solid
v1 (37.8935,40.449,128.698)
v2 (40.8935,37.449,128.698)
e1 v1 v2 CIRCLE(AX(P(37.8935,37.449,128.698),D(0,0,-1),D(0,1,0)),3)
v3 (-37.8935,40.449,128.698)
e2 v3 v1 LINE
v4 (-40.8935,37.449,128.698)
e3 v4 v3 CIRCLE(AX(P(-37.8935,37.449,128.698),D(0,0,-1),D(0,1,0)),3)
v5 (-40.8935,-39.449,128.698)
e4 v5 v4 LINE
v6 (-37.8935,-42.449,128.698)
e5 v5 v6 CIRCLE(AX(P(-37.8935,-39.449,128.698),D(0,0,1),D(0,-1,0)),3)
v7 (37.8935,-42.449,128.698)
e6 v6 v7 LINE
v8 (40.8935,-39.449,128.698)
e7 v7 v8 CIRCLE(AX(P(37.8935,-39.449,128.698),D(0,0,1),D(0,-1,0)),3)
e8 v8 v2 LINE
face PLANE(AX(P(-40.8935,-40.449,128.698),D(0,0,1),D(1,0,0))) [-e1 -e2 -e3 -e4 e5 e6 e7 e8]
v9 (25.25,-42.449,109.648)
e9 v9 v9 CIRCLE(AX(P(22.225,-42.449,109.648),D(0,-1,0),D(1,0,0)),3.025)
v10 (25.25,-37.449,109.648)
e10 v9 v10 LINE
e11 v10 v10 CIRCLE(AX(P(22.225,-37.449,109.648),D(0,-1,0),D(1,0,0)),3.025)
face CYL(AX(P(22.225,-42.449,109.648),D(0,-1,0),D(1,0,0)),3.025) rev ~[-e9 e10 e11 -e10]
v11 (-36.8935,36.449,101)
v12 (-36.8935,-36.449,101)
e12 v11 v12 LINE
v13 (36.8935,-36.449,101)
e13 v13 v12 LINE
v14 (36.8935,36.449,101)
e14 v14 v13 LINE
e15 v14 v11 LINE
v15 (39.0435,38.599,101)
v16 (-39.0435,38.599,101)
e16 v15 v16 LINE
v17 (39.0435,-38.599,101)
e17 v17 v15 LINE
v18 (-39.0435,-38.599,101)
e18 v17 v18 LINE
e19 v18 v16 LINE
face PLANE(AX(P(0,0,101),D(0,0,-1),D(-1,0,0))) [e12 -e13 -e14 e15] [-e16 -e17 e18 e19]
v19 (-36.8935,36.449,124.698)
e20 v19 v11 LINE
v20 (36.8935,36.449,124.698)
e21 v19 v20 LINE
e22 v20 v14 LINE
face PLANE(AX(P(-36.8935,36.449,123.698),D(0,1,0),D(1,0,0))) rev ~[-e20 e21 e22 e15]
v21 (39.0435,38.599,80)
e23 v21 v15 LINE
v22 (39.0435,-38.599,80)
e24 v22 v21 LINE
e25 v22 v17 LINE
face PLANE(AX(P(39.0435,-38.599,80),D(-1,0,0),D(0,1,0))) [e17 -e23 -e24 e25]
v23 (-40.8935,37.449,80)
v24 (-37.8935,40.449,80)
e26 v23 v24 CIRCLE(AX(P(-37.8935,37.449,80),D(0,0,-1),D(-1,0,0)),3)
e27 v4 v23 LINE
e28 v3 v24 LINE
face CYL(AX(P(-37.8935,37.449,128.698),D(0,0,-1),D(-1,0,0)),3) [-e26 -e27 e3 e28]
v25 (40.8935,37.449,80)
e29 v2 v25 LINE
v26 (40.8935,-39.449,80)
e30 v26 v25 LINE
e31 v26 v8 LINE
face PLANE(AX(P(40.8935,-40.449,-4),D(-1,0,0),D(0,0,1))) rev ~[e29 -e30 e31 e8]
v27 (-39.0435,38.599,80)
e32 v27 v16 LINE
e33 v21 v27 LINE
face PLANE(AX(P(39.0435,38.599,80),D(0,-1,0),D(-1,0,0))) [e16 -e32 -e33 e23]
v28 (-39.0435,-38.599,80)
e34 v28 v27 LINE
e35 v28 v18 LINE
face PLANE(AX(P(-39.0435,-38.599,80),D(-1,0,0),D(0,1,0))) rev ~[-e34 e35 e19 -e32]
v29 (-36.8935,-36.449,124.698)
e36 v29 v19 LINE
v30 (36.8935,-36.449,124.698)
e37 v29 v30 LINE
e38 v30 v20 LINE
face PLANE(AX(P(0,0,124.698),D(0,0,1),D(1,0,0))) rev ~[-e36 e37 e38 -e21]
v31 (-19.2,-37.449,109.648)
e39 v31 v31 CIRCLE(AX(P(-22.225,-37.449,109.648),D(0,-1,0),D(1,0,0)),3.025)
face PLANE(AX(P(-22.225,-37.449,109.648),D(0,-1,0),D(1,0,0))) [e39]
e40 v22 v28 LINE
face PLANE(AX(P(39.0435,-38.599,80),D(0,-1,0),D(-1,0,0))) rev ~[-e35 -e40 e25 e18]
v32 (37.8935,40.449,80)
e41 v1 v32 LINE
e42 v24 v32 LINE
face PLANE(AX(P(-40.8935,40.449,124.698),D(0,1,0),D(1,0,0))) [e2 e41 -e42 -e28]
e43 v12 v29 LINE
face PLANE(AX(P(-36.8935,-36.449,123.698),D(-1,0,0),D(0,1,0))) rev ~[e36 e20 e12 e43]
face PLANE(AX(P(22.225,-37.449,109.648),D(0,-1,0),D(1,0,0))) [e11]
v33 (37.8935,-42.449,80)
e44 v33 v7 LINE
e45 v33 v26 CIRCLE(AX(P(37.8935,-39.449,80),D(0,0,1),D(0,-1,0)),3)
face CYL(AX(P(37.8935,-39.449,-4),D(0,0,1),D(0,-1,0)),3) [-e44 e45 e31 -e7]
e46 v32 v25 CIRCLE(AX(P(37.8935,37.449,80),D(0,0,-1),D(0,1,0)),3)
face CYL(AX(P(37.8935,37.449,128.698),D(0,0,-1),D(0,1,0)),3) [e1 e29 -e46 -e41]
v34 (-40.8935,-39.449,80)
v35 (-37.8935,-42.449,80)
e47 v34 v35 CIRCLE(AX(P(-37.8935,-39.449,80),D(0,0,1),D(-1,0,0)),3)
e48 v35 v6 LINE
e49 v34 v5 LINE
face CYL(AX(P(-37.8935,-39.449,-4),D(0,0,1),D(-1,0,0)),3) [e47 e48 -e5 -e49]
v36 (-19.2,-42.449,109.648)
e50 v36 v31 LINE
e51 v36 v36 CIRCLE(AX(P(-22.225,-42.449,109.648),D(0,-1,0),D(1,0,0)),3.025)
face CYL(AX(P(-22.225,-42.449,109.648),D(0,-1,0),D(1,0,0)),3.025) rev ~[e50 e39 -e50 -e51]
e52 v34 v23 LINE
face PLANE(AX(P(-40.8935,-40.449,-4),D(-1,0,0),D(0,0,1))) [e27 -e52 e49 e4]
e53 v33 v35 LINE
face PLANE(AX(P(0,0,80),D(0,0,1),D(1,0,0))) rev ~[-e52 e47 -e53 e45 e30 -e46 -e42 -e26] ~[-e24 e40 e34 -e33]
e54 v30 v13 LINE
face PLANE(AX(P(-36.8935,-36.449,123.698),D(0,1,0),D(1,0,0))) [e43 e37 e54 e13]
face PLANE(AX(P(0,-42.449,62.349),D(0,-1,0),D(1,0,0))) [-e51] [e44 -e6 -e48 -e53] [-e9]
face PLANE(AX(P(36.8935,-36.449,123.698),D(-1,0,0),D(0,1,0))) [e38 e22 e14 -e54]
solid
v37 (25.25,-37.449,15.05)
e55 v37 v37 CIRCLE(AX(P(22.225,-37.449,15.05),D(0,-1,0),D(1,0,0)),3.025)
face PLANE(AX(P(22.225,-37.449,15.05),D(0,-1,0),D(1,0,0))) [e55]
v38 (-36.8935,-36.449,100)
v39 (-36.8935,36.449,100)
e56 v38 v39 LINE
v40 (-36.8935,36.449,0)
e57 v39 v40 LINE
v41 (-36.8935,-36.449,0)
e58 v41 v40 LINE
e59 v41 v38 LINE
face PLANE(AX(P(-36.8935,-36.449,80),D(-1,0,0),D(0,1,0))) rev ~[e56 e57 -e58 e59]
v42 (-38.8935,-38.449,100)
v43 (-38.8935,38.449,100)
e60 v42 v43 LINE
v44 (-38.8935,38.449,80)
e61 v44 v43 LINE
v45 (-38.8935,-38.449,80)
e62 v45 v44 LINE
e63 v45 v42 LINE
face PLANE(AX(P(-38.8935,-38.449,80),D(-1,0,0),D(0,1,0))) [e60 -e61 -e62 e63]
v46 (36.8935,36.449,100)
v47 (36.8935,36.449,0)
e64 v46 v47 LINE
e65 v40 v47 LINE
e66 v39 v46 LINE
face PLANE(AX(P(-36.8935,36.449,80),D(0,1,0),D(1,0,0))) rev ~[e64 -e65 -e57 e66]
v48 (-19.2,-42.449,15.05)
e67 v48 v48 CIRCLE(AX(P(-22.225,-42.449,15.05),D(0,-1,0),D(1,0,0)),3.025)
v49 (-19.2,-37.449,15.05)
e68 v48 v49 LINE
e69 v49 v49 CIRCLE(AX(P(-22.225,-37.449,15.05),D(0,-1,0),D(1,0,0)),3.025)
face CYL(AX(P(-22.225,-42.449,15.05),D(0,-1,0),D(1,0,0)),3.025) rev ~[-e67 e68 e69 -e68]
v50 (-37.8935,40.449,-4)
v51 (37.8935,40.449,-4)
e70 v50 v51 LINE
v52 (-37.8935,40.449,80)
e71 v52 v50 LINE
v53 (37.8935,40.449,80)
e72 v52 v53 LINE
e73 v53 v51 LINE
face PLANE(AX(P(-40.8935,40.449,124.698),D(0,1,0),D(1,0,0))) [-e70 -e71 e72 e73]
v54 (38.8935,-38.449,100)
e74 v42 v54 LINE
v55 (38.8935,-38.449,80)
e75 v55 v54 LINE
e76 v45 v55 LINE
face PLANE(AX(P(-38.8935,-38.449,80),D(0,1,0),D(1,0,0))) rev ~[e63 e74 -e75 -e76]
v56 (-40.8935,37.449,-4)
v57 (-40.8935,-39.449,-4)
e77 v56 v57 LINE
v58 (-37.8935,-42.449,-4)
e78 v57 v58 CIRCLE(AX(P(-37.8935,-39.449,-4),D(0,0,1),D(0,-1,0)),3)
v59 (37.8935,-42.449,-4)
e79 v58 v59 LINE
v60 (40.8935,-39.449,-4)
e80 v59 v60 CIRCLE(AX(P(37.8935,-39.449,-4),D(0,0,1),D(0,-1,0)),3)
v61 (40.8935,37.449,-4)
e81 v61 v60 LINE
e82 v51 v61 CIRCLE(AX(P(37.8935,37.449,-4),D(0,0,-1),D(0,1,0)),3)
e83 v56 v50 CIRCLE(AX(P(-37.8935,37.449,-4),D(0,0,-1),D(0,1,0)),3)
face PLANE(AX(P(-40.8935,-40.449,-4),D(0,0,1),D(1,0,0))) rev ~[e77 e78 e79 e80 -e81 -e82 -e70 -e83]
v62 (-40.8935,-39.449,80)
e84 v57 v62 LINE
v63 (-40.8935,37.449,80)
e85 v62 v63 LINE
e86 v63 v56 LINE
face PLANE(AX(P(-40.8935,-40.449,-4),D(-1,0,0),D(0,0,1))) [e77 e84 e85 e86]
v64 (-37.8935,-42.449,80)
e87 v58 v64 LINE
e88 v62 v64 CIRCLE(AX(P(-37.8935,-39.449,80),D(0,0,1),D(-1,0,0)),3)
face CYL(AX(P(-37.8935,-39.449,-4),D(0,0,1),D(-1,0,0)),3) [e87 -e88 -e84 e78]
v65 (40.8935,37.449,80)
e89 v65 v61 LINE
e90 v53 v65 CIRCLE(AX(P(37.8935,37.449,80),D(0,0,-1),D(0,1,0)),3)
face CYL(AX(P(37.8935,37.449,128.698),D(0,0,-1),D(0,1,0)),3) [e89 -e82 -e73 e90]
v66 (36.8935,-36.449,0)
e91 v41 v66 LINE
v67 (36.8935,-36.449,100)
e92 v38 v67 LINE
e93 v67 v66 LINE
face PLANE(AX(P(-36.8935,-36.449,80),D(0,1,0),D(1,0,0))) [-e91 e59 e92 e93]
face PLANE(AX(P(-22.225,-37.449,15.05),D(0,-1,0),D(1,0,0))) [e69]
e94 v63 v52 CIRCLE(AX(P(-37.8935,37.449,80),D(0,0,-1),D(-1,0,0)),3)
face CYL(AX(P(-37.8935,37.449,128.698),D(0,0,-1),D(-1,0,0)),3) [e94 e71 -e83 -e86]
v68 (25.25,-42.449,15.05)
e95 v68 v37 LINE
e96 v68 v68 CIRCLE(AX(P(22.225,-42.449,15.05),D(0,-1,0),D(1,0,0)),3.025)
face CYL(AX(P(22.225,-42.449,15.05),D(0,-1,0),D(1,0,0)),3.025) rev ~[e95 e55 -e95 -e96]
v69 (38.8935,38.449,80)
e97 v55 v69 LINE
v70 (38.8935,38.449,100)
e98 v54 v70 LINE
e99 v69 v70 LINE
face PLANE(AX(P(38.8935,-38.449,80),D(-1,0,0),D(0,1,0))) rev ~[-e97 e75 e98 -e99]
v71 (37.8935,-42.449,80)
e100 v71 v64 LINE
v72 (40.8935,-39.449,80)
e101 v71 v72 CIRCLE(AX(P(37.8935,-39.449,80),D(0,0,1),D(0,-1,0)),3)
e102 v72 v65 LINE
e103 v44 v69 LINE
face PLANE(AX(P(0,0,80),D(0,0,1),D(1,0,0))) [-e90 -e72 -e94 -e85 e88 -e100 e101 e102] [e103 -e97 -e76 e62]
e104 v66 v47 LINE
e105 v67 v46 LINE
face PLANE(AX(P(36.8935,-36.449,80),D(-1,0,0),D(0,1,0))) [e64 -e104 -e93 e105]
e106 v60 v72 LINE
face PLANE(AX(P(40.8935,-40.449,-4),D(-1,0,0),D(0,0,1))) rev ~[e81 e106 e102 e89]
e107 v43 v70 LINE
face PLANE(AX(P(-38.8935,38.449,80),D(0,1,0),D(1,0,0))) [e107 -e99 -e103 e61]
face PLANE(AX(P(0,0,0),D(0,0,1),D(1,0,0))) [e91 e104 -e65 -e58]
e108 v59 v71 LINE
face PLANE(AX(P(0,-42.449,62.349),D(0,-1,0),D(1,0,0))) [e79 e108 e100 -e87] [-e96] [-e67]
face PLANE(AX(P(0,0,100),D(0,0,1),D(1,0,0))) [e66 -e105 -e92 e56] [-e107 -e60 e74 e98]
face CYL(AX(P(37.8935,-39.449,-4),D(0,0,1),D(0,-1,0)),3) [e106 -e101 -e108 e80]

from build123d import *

# Parameters (mm, degrees)
SKETCH1_W           = 73.787
SKETCH1_H           = 72.898
BOSS_EXTRUDE1_DEPTH = 123.698
SHELL1_T            = 4
SKETCH2_W           = 81.787
SKETCH2_H           = 80.898
SKETCH2_W_2         = 73.787
SKETCH2_H_2         = 72.898
BOSS_EXTRUDE2_DEPTH = 1
SKETCH7_W           = 81.787
SKETCH7_H           = 80.898
BOSS_EXTRUDE5_DEPTH = 4
SKETCH3_W           = 81.787
SKETCH3_H           = 132.698
BOSS_EXTRUDE3_DEPTH = 2
SKETCH4_R           = 3.025
CUT_EXTRUDE2_DEPTH  = 5
FILLET1_R           = 3
SKETCH5_W           = 77.787
SKETCH5_H           = 76.898
SKETCH5_W_2         = 73.787
SKETCH5_H_2         = 72.898
BOSS_EXTRUDE4_DEPTH = 20
SKETCH6_W           = 78.087
SKETCH6_H           = 77.198
CUT_EXTRUDE3_DEPTH  = 21


with BuildPart() as part:
    # Sketch1 → Boss-Extrude1 (new body)
    with BuildSketch(Plane.XY):
        Rectangle(SKETCH1_W, SKETCH1_H)
    extrude(amount=BOSS_EXTRUDE1_DEPTH)

    # Shell1
    shell1_openings = [part.faces().sort_by_distance(p)[0] for p in [
        (0, 0, 123.698),
    ]]
    offset(amount=SHELL1_T, openings=shell1_openings, kind=Kind.INTERSECTION)

    # Sketch2 → Boss-Extrude2 (add)
    with BuildSketch(Plane.XY.offset(123.698)):
        Rectangle(SKETCH2_W, SKETCH2_H)
        Rectangle(SKETCH2_W_2, SKETCH2_H_2, mode=Mode.SUBTRACT)
    extrude(amount=BOSS_EXTRUDE2_DEPTH)

    # Sketch7 → Boss-Extrude5 (add)
    with BuildSketch(Plane.XY.offset(124.698)):
        Rectangle(SKETCH7_W, SKETCH7_H)
    extrude(amount=BOSS_EXTRUDE5_DEPTH)

    # Sketch3 → Boss-Extrude3 (add)
    with BuildSketch(Plane.XZ.offset(40.449)):
        with Locations((0, 62.349)):
            Rectangle(SKETCH3_W, SKETCH3_H)
    extrude(amount=BOSS_EXTRUDE3_DEPTH)

    # Sketch4 → Cut-Extrude2 (cut)
    with BuildSketch(Plane.XZ.offset(42.449)):
        with Locations((-22.225, 109.648)):
            Circle(SKETCH4_R)
        with Locations((22.225, 109.648)):
            Circle(SKETCH4_R)
        with Locations((-22.225, 15.05)):
            Circle(SKETCH4_R)
        with Locations((22.225, 15.05)):
            Circle(SKETCH4_R)
    extrude(amount=-CUT_EXTRUDE2_DEPTH, mode=Mode.SUBTRACT)

    # Fillet1
    fillet1_edges = [part.edges().sort_by_distance(p)[0] for p in [
        (-40.8935, -42.449, 62.349),
        (40.8935, -42.449, 62.349),
        (40.8935, 40.449, 62.349),
        (-40.8935, 40.449, 62.349),
    ]]
    fillet(fillet1_edges, radius=FILLET1_R)


with BuildPart() as body_2:
    # Split1: the piece on the far side of the plane
    add(part.part)
    split(bisect_by=Plane.XY.offset(80), keep=Keep.BOTTOM)

    # Sketch5 → Boss-Extrude4 (add)
    with BuildSketch(Plane.XY.offset(80)):
        Rectangle(SKETCH5_W, SKETCH5_H)
        Rectangle(SKETCH5_W_2, SKETCH5_H_2, mode=Mode.SUBTRACT)
    extrude(amount=BOSS_EXTRUDE4_DEPTH)


with BuildPart() as part_1:
    add(part.part)

    # Split1
    split(bisect_by=Plane.XY.offset(80), keep=Keep.TOP)

    # Sketch6 → Cut-Extrude3 (cut)
    with BuildSketch(Plane(origin=(0, 0, 80), x_dir=(-1, 0, 0), z_dir=(0, 0, -1))):
        Rectangle(SKETCH6_W, SKETCH6_H)
    extrude(amount=-CUT_EXTRUDE3_DEPTH, mode=Mode.SUBTRACT)


solid = Compound([body_2.part, part_1.part])
